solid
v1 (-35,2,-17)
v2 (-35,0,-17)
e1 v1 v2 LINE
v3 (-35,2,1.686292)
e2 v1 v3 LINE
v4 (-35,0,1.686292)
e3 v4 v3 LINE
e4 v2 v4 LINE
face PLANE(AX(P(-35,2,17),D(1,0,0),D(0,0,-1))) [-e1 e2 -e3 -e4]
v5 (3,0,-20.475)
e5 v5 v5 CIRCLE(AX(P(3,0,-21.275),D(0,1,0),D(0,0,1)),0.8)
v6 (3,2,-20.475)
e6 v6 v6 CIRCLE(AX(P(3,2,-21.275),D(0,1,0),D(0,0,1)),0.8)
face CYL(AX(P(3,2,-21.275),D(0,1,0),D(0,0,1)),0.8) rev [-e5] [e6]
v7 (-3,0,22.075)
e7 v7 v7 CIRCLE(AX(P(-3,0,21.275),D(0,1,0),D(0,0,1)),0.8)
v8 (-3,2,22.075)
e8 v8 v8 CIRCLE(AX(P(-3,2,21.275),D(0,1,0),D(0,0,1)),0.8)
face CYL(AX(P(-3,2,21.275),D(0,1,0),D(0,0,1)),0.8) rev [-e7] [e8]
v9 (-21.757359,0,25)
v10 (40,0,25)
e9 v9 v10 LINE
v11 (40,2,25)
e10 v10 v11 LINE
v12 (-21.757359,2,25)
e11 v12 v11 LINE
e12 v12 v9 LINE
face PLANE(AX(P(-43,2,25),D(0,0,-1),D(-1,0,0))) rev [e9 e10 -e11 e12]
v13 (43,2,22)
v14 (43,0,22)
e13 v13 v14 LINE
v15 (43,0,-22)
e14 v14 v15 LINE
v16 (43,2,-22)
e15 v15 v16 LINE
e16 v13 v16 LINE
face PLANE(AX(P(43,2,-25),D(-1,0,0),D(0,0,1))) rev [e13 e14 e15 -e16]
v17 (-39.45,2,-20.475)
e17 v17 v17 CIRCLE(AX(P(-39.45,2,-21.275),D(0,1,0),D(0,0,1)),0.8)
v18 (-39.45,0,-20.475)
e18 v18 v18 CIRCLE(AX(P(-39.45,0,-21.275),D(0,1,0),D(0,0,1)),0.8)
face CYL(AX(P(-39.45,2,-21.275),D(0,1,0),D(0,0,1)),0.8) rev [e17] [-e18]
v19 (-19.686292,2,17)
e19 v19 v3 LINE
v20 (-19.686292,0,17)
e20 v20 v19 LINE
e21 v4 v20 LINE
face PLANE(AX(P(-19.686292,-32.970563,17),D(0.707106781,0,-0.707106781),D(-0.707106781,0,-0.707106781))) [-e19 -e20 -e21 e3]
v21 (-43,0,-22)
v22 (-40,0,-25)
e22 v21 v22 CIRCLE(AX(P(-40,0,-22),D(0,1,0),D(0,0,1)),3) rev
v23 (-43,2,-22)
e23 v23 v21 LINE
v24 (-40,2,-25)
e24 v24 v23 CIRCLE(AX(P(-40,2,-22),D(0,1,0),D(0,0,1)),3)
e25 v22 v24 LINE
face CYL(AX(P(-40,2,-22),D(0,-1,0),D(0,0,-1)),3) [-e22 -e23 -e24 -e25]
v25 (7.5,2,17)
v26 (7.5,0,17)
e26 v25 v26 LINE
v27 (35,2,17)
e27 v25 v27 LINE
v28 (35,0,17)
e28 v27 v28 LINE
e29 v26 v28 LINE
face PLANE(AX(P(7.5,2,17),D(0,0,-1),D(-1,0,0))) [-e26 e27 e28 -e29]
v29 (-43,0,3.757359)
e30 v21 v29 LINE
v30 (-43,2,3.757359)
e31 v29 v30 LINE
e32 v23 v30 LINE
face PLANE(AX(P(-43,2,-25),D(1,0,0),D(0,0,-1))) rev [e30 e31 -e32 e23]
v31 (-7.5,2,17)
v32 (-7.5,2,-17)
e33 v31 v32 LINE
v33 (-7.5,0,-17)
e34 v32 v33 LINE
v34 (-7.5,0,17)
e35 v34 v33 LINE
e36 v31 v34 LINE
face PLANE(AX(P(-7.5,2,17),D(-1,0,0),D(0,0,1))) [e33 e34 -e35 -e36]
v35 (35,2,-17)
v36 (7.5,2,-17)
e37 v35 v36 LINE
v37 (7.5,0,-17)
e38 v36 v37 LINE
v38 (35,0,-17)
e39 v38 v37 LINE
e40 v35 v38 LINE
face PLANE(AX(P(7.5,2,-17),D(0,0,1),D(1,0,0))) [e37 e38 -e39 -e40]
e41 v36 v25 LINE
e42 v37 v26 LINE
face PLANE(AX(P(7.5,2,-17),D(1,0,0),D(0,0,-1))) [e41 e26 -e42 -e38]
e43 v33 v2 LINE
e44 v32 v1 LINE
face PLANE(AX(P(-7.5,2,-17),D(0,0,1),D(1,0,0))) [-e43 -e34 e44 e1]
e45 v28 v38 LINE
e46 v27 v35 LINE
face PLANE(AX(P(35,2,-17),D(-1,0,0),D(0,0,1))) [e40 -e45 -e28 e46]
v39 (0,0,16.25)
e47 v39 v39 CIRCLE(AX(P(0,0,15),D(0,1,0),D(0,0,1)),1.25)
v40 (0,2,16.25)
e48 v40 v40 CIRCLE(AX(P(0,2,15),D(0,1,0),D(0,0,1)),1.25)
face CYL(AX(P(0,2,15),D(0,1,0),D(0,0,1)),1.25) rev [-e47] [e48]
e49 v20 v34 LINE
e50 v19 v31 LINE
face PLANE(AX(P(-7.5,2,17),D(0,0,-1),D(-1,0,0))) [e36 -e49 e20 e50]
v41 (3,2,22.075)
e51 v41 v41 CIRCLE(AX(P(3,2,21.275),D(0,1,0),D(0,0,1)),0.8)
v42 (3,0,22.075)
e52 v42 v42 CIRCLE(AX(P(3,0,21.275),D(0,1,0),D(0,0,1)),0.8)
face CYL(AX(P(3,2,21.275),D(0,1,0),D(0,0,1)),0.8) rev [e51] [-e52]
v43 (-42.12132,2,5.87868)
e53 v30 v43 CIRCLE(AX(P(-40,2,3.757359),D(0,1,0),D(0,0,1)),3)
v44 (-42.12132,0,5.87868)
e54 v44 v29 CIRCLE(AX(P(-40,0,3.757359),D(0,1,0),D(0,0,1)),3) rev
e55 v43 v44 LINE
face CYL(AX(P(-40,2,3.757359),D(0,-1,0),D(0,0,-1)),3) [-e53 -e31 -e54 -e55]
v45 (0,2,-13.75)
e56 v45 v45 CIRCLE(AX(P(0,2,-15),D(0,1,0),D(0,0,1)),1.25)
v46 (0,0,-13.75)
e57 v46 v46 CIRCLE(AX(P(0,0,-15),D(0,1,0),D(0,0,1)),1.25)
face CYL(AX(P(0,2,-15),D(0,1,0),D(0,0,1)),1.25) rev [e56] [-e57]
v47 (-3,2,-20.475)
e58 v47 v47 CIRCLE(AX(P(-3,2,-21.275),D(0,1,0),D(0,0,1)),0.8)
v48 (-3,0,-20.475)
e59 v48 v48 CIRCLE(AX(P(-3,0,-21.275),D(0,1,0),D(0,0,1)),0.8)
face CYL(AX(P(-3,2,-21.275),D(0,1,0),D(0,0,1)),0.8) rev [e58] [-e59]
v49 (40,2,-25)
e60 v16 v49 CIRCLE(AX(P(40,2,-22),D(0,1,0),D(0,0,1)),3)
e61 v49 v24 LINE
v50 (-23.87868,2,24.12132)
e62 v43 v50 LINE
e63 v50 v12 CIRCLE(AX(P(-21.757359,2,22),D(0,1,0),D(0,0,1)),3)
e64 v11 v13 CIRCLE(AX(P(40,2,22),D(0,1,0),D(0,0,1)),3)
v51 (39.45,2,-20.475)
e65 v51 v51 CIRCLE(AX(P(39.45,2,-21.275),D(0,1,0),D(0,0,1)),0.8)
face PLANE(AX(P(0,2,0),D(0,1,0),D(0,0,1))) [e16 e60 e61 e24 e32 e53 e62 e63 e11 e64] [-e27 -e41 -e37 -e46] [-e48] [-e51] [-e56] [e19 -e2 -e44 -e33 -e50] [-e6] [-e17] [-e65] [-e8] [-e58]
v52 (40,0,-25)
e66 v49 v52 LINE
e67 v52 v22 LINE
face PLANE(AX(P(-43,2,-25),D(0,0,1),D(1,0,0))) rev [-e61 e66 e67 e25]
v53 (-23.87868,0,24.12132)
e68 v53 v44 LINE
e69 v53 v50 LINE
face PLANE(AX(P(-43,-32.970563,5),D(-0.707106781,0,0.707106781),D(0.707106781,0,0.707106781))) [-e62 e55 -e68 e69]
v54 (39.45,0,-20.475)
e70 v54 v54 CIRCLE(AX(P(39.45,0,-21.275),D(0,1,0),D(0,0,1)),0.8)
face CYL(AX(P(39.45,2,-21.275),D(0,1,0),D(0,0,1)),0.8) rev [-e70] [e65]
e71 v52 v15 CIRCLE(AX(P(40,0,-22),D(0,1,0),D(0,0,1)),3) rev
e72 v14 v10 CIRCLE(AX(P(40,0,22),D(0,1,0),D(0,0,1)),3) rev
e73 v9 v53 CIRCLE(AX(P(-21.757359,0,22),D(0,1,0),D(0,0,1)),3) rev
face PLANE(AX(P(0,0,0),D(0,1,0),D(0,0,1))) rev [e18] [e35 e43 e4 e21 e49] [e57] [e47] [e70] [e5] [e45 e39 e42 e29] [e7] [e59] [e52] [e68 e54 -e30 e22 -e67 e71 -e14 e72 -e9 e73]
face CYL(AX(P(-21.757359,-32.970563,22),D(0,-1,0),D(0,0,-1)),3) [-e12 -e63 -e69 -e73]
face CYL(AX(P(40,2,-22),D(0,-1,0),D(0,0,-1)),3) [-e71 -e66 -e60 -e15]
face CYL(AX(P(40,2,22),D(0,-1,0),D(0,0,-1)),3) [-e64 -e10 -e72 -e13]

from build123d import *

# Parameters (mm, degrees)
SKIZZE1_W                       = 86
SKIZZE1_H                       = 50
AUFSATZ_LINEAR_AUSTRAGEN1_DEPTH = 2
F_1_6_1_6_DIAMETER_HOLE1_D      = 1.6
M3X0_5_GEWINDEBOHRUNG1_D        = 2.5
M3X0_5_GEWINDEBOHRUNG1_DEPTH    = 8.5
M3X0_5_GEWINDEBOHRUNG1_TIP      = 0.751075774
SKIZZE6_W                       = 27.5
SKIZZE6_H                       = 34
SCHNITT_LINEAR_AUSTRAGEN1_DEPTH = 3
FILLET1_R                       = 3
CUT_EXTRUDE1_REACH              = 4
SKETCH1_W                       = 20
SKETCH1_H                       = 20
BOSS_EXTRUDE1_DEPTH             = 2
FILLET2_R                       = 3


with BuildPart() as part:
    # Skizze1 → Aufsatz-Linear austragen1 (new body)
    with BuildSketch(Plane(origin=(0, 0, 0), x_dir=(1, 0, 0), z_dir=(0, 1, 0))):
        Rectangle(SKIZZE1_W, SKIZZE1_H)
    extrude(amount=AUFSATZ_LINEAR_AUSTRAGEN1_DEPTH)

    # Ø1.6 (1.6) Diameter Hole1 (through all)
    with Locations(Plane(origin=(0, 2, 0), x_dir=(1, 0, 0), z_dir=(0, 1, 0))):
        with Locations((-39.45, 21.275), (-3, 21.275), (-3, -21.275)):
            f_1_6_1_6_diameter_hole1 = Hole(F_1_6_1_6_DIAMETER_HOLE1_D / 2)

    # Spiegeln1: Ø1.6 (1.6) Diameter Hole1 across plane
    add(f_1_6_1_6_diameter_hole1.mirror(Plane(origin=(0, 0, 0), x_dir=(0, 0, 1), z_dir=(1, 0, 0))), mode=Mode.SUBTRACT)

    # M3x0.5 Gewindebohrung1
    with Locations(Plane(origin=(0, 2, 0), x_dir=(1, 0, 0), z_dir=(0, 1, 0))):
        with Locations((0, 15), (0, -15)):
            Hole(M3X0_5_GEWINDEBOHRUNG1_D / 2, depth=M3X0_5_GEWINDEBOHRUNG1_DEPTH)
            with Locations((0, 0, -(M3X0_5_GEWINDEBOHRUNG1_DEPTH + M3X0_5_GEWINDEBOHRUNG1_TIP / 2))):  # 118° drill point
                Cone(0, M3X0_5_GEWINDEBOHRUNG1_D / 2, M3X0_5_GEWINDEBOHRUNG1_TIP, mode=Mode.SUBTRACT)

    # Skizze6 → Schnitt-Linear austragen1 (cut, through all)
    with BuildSketch(Plane(origin=(0, 0, 0), x_dir=(1, 0, 0), z_dir=(0, 1, 0))):
        with Locations((-21.25, 0)):
            Rectangle(SKIZZE6_W, SKIZZE6_H)
        with Locations((21.25, 0)):
            Rectangle(SKIZZE6_W, SKIZZE6_H)
    extrude(amount=SCHNITT_LINEAR_AUSTRAGEN1_DEPTH, mode=Mode.SUBTRACT)

    # Fillet1
    fillet1_edges = [part.edges().sort_by_distance(p)[0] for p in [
        (-43, 1, -25),
        (43, 1, -25),
        (43, 1, 25),
        (-43, 1, 25),
    ]]
    fillet(fillet1_edges, radius=FILLET1_R)

    # Sketch1 → Cut-Extrude1 (cut, up to next)
    with BuildSketch(Plane(origin=(0, 2, 0), x_dir=(1, 0, 0), z_dir=(0, 1, 0)), mode=Mode.PRIVATE) as cut_extrude1_sk1:
        with Locations((-33, -15)):
            Rectangle(SKETCH1_W, SKETCH1_H)
    cut_extrude1_tool1 = extrude(cut_extrude1_sk1.sketch, amount=-CUT_EXTRUDE1_REACH, mode=Mode.PRIVATE) & part.part
    add(cut_extrude1_tool1.solids().sort_by_distance((-33, 2, 15))[0], mode=Mode.SUBTRACT)

    # Sketch2 → Boss-Extrude1 (add)
    with BuildSketch(Plane(origin=(0, 2, 0), x_dir=(1, 0, 0), z_dir=(0, 1, 0))):
        Polygon((-43, -5), (-23, -25), (-23, -17), (-19.686291501, -17), (-35, -1.686291501), (-35, -5), align=None)
    extrude(amount=-BOSS_EXTRUDE1_DEPTH)

    # Fillet2
    fillet2_edges = [part.edges().sort_by_distance(p)[0] for p in [
        (-43, 1, 5),
        (-23, 1, 25),
    ]]
    fillet(fillet2_edges, radius=FILLET2_R)


solid = part.part
